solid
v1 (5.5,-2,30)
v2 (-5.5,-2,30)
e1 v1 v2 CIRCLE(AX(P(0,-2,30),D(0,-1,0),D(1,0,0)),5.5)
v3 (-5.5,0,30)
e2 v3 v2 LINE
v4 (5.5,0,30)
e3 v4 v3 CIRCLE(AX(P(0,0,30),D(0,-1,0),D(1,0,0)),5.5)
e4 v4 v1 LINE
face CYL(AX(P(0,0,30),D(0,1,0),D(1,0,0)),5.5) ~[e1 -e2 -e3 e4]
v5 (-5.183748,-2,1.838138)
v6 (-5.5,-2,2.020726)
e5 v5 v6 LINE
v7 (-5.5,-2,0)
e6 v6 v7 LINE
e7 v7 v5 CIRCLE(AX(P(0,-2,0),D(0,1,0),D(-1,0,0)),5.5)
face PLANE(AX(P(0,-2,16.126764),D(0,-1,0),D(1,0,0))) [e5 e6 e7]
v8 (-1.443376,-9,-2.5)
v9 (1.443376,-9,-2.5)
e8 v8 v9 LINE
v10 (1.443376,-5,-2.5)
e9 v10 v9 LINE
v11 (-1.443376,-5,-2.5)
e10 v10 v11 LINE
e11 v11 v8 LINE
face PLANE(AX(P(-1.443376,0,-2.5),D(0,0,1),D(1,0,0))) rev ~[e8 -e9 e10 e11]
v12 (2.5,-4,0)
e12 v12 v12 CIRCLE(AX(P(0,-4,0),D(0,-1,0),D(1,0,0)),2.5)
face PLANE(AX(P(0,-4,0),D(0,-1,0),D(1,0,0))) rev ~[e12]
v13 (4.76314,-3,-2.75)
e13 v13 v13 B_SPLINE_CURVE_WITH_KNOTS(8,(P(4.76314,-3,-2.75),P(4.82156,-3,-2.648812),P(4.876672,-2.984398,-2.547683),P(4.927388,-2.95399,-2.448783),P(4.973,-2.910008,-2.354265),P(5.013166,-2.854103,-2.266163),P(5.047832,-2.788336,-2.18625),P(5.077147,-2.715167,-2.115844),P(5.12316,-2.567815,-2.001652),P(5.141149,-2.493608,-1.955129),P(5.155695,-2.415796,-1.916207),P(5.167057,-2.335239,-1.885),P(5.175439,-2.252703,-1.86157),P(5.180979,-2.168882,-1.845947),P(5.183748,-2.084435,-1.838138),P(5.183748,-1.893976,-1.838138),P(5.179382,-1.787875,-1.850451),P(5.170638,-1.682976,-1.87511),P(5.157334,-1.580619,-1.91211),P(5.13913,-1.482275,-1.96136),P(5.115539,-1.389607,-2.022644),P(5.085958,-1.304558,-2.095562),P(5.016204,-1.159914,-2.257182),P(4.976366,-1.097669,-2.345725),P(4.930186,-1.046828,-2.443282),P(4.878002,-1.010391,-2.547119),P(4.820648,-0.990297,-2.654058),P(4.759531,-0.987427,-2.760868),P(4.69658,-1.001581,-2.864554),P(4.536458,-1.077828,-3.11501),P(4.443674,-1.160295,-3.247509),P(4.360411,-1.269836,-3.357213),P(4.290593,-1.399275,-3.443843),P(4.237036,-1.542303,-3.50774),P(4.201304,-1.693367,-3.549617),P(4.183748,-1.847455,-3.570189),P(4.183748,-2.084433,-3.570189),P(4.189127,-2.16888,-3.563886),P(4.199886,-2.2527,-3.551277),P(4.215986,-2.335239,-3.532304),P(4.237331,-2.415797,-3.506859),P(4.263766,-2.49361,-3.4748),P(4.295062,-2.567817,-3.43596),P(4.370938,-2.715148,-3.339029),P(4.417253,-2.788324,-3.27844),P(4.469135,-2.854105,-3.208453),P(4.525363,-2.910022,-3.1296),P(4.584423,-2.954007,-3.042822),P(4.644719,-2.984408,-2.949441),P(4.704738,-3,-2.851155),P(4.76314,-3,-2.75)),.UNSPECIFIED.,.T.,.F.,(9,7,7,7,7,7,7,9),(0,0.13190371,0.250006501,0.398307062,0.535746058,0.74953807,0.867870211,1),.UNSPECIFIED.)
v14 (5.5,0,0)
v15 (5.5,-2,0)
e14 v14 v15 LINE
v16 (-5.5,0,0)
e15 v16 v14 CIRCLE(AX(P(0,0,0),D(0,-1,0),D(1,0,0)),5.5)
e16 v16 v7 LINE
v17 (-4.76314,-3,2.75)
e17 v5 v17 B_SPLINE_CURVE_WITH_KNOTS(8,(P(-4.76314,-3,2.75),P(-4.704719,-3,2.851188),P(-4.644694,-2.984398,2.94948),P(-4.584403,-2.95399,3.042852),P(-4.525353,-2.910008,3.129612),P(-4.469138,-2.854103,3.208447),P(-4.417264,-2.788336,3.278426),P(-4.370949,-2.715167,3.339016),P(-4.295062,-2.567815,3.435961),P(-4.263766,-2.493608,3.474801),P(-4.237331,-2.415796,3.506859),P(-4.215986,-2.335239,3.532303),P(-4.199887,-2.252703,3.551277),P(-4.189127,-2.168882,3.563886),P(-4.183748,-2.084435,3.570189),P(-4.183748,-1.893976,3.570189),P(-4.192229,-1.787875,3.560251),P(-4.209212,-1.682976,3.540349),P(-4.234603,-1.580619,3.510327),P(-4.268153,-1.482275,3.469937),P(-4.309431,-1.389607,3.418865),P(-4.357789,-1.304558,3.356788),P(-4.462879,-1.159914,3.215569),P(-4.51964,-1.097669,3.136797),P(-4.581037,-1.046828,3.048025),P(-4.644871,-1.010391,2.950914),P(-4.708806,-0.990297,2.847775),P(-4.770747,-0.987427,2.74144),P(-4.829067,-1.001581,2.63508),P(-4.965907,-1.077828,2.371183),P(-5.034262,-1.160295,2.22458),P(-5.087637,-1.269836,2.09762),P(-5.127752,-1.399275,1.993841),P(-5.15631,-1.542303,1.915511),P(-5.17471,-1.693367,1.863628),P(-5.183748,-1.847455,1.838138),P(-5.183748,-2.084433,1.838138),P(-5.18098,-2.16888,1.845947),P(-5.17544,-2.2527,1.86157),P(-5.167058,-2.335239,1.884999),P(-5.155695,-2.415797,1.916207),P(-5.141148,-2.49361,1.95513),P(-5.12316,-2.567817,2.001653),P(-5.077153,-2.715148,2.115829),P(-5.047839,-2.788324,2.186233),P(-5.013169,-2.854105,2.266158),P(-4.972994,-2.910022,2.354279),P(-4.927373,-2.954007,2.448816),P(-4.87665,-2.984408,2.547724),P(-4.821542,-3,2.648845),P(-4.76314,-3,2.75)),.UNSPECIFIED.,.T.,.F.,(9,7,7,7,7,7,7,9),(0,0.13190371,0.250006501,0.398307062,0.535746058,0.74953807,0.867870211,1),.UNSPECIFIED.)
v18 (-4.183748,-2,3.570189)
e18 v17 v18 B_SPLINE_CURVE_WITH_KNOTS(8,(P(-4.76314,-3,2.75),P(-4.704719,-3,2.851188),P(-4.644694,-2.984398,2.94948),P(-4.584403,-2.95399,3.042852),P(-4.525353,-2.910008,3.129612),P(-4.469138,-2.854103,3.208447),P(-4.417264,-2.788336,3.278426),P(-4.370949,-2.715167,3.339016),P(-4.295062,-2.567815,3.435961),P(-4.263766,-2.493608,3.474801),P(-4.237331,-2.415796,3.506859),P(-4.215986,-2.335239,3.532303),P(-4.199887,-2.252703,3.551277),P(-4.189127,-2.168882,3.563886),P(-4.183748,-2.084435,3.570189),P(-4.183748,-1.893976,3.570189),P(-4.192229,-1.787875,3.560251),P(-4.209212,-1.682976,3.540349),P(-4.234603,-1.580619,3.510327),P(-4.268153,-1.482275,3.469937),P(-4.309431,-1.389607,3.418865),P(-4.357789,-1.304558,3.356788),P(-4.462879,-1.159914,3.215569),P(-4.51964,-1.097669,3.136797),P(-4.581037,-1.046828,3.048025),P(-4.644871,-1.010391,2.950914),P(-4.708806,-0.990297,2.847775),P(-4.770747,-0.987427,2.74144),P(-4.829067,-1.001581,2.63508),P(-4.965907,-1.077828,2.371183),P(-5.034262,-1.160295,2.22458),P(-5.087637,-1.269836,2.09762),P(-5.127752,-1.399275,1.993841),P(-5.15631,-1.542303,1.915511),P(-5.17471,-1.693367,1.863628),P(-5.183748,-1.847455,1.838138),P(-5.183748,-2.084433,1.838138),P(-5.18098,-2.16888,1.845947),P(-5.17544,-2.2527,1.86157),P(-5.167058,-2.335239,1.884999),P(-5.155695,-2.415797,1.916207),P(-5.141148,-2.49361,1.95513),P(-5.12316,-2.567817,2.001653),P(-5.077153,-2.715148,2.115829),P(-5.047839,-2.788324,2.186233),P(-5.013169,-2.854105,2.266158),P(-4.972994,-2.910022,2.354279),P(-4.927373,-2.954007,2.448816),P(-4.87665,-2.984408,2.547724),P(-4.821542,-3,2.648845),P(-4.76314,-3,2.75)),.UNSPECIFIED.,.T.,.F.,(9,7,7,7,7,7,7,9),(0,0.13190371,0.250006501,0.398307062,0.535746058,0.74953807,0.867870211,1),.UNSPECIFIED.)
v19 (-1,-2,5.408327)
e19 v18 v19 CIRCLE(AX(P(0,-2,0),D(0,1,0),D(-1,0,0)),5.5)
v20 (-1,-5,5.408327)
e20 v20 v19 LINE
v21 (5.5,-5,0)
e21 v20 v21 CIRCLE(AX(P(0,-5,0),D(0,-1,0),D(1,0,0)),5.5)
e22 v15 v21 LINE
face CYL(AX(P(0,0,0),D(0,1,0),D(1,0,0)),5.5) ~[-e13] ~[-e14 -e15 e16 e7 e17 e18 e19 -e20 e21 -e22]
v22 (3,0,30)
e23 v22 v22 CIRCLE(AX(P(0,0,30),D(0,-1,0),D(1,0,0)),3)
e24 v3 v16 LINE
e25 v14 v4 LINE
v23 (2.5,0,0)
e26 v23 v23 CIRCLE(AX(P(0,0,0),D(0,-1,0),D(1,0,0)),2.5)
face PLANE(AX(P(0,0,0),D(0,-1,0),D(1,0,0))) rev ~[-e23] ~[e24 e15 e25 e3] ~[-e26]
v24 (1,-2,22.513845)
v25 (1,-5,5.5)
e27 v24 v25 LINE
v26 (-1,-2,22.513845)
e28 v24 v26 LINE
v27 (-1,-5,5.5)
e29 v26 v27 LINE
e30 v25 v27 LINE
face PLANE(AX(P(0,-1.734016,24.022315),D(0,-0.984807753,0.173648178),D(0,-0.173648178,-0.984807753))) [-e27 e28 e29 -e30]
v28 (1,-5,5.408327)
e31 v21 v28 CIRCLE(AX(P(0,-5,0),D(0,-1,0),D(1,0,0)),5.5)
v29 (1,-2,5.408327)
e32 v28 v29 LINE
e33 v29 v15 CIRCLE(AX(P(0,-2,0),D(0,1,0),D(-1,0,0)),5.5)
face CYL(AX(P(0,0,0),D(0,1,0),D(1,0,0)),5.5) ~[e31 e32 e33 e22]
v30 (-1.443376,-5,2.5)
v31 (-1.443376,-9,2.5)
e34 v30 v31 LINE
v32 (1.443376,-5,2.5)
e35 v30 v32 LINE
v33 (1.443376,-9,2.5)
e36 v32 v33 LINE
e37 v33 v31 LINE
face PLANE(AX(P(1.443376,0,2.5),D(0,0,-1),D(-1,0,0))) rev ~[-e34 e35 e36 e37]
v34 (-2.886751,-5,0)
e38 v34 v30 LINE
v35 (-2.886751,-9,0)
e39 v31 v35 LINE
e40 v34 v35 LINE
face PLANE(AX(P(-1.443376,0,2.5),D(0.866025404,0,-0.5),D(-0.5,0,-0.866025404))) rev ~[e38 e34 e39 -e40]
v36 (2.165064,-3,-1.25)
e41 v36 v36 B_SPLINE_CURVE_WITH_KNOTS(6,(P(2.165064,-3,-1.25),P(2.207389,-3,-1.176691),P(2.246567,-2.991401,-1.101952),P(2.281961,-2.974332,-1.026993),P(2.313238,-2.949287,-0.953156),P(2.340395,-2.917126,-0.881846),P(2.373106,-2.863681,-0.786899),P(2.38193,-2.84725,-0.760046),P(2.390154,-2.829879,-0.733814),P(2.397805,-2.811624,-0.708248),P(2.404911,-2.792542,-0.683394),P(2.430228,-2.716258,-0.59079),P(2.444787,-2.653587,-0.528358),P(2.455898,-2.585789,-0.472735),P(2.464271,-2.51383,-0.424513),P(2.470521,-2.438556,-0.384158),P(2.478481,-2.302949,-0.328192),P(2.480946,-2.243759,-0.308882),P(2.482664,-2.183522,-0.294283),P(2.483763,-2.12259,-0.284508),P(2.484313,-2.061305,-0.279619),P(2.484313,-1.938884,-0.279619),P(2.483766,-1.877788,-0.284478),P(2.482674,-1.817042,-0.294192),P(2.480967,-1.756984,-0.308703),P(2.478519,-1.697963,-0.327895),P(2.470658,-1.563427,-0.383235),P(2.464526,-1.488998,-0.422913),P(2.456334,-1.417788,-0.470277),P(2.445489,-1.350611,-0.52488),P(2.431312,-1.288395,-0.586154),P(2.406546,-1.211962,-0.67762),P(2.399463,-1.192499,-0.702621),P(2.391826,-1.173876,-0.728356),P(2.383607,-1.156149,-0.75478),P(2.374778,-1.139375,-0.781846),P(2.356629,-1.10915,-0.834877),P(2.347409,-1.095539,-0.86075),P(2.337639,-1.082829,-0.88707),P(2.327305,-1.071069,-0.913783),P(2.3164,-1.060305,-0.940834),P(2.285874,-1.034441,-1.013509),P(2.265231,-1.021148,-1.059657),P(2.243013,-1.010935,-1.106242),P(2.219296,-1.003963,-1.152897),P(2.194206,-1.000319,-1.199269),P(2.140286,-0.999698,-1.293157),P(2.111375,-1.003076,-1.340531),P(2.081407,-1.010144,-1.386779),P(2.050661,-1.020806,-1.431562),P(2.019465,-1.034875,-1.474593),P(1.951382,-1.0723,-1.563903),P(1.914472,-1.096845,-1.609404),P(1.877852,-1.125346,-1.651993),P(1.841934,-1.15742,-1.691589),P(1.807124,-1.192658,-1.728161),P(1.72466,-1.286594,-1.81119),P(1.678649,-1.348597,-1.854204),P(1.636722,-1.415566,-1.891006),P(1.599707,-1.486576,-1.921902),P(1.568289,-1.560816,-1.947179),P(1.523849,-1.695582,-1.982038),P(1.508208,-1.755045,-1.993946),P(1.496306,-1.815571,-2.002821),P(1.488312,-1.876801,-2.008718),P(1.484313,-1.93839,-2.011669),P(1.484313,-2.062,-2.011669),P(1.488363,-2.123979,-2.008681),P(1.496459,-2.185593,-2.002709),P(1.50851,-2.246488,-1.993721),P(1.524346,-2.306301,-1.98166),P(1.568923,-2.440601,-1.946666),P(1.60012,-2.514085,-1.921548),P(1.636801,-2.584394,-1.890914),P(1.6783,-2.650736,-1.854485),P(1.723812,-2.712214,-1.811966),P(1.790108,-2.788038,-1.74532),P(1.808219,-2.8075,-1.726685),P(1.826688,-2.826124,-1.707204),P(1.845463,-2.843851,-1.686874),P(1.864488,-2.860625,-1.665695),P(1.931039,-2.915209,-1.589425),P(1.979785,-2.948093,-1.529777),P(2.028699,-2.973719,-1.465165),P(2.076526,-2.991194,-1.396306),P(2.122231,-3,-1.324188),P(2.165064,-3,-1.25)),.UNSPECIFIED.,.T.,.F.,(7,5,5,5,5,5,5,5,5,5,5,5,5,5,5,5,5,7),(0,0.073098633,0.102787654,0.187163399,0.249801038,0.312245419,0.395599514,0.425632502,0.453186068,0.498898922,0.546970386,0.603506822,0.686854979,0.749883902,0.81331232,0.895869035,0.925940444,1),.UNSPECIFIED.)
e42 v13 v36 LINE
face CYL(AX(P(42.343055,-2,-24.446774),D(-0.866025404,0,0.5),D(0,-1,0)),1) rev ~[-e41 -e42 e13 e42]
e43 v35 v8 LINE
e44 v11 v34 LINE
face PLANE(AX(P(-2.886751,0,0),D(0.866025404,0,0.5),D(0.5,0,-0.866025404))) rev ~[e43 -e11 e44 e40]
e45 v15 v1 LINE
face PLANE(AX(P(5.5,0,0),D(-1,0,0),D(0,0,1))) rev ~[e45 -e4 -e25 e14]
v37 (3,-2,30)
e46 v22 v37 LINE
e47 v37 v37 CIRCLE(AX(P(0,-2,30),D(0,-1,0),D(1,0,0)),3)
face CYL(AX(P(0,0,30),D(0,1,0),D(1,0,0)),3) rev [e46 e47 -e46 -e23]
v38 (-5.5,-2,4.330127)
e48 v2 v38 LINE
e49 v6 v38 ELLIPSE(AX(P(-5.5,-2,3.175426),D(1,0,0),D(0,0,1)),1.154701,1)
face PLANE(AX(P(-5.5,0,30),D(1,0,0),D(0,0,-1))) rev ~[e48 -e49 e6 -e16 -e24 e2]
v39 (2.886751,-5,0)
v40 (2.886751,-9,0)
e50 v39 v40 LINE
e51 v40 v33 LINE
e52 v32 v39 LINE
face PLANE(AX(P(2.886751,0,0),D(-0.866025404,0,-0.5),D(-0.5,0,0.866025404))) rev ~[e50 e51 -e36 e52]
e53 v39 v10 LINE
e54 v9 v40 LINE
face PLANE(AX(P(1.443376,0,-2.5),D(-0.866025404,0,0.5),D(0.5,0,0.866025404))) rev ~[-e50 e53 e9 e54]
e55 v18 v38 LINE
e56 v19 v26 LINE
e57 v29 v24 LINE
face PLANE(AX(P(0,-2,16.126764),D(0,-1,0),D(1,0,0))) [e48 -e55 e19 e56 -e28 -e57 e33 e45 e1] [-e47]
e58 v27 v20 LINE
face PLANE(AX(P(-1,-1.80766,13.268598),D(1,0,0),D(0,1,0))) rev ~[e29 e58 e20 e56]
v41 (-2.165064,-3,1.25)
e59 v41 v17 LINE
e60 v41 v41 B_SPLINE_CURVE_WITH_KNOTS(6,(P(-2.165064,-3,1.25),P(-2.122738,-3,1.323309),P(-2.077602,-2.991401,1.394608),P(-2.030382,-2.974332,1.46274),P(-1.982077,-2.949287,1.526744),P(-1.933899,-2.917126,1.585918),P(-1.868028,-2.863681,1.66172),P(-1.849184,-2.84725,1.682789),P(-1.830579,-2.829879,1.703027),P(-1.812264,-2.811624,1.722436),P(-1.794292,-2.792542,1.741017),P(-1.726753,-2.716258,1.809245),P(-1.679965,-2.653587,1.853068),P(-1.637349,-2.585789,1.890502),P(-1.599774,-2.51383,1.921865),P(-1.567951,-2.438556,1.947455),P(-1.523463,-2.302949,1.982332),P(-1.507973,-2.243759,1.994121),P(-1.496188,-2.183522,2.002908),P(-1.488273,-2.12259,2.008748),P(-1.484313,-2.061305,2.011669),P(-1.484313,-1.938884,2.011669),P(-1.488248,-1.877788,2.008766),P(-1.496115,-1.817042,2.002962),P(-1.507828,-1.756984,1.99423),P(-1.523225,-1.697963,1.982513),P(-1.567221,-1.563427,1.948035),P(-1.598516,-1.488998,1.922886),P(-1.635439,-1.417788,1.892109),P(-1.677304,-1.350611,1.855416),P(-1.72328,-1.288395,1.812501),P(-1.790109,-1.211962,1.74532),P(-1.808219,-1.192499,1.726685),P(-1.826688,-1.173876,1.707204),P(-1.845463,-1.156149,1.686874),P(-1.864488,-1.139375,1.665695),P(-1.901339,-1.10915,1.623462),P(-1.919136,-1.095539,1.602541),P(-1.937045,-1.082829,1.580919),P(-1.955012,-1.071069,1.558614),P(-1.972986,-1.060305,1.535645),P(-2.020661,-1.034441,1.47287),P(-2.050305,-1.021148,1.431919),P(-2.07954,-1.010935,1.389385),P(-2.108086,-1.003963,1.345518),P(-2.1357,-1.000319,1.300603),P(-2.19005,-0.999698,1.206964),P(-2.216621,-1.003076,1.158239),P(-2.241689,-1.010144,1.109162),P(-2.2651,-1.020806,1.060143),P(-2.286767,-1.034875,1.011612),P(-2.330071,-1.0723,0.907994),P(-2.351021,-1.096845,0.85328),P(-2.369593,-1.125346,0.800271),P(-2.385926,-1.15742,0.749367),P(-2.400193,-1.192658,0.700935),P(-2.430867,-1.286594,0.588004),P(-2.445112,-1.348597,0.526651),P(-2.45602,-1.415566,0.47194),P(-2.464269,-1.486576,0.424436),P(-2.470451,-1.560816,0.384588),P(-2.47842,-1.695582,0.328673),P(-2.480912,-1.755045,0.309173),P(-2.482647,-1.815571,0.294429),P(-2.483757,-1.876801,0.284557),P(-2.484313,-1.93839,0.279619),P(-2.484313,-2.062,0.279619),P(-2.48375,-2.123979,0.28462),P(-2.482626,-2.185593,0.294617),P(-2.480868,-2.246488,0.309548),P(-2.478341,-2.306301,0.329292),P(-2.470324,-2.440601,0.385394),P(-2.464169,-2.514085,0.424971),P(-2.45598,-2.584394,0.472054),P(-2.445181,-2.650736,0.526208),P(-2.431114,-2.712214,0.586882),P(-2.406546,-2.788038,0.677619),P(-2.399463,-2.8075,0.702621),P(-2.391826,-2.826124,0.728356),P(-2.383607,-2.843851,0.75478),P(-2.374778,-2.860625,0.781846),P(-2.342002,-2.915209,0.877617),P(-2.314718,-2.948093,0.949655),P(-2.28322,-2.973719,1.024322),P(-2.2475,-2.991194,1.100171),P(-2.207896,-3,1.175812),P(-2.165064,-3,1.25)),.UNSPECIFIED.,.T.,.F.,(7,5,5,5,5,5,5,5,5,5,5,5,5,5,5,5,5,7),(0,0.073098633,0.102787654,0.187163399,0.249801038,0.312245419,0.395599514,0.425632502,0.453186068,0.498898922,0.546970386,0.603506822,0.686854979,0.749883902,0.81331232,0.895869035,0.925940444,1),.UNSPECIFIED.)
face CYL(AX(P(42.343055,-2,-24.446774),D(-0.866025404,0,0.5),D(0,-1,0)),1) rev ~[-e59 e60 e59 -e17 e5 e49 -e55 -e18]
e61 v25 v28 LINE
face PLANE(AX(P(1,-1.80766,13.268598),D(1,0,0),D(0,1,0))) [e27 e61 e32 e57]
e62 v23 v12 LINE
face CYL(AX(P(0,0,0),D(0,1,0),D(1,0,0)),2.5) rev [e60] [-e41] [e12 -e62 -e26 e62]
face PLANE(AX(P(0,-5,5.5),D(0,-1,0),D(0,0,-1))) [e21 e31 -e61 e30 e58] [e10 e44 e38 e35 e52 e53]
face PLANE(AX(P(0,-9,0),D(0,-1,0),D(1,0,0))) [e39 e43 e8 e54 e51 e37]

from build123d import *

# Parameters (mm, degrees)
F0_R     = 3
F1_DEPTH = 2
F2_DEPTH = 5
F3_DEPTH = 9
F4_R     = 2.5
F5_DEPTH = 4
F7_DEPTH = 1
F10_D    = 2


with BuildPart() as f1:
    # F0 (on Front) → F1 (new body)
    with BuildSketch(Plane.XZ):
        with BuildLine():
            ThreePointArc((-5.5, 0), (0, 5.5), (5.5, 0))
            Line((5.5, 0), (5.5, 30))
            ThreePointArc((5.5, 30), (0, 35.5), (-5.5, 30))
            Line((-5.5, 30), (-5.5, 0))
        make_face()
        with Locations((0, 30)):
            Circle(F0_R, mode=Mode.SUBTRACT)
    extrude(amount=F1_DEPTH)

    # F0 (on Front) → F2 (join)
    with BuildSketch(Plane.XZ):
        with BuildLine():
            ThreePointArc((-5.5, 0), (0, -5.5), (5.5, 0))
            ThreePointArc((5.5, 0), (0, 5.5), (-5.5, 0))
        make_face()
        Polygon((2.8867513459, 0), (1.443375673, -2.5), (-1.443375673, -2.5), (-2.8867513459, 0), (-1.443375673, 2.5), (1.443375673, 2.5), align=None, mode=Mode.SUBTRACT)
    extrude(amount=F2_DEPTH)

    # F0 (on Front) → F3 (join)
    with BuildSketch(Plane.XZ):
        Polygon((-1.443375673, -2.5), (1.443375673, -2.5), (2.8867513459, 0), (1.443375673, 2.5), (-1.443375673, 2.5), (-2.8867513459, 0), align=None)
    extrude(amount=F3_DEPTH)

    # F4 (on face) → F5 (cut)
    with BuildSketch(Plane.XZ):
        Circle(F4_R)
    extrude(amount=F5_DEPTH, mode=Mode.SUBTRACT)

    # F6 (on Right) → F7 (join, symmetric)
    with BuildSketch(Plane.YZ):
        Polygon((-5, 5.5), (-5, 3.9388309233), (0, 3.9388309233), (0, 23.931786418), (-1.7340160995, 24.0223151183), align=None)
    extrude(amount=F7_DEPTH, both=True)

    # F10 (through all)
    with Locations(Plane(origin=(4.7631397208, 0, -2.75), x_dir=(0, 1, 0), z_dir=(0.8660254038, 0, -0.5))):
        with Locations((-2, 0)):
            Hole(F10_D / 2)


solid = f1.part
